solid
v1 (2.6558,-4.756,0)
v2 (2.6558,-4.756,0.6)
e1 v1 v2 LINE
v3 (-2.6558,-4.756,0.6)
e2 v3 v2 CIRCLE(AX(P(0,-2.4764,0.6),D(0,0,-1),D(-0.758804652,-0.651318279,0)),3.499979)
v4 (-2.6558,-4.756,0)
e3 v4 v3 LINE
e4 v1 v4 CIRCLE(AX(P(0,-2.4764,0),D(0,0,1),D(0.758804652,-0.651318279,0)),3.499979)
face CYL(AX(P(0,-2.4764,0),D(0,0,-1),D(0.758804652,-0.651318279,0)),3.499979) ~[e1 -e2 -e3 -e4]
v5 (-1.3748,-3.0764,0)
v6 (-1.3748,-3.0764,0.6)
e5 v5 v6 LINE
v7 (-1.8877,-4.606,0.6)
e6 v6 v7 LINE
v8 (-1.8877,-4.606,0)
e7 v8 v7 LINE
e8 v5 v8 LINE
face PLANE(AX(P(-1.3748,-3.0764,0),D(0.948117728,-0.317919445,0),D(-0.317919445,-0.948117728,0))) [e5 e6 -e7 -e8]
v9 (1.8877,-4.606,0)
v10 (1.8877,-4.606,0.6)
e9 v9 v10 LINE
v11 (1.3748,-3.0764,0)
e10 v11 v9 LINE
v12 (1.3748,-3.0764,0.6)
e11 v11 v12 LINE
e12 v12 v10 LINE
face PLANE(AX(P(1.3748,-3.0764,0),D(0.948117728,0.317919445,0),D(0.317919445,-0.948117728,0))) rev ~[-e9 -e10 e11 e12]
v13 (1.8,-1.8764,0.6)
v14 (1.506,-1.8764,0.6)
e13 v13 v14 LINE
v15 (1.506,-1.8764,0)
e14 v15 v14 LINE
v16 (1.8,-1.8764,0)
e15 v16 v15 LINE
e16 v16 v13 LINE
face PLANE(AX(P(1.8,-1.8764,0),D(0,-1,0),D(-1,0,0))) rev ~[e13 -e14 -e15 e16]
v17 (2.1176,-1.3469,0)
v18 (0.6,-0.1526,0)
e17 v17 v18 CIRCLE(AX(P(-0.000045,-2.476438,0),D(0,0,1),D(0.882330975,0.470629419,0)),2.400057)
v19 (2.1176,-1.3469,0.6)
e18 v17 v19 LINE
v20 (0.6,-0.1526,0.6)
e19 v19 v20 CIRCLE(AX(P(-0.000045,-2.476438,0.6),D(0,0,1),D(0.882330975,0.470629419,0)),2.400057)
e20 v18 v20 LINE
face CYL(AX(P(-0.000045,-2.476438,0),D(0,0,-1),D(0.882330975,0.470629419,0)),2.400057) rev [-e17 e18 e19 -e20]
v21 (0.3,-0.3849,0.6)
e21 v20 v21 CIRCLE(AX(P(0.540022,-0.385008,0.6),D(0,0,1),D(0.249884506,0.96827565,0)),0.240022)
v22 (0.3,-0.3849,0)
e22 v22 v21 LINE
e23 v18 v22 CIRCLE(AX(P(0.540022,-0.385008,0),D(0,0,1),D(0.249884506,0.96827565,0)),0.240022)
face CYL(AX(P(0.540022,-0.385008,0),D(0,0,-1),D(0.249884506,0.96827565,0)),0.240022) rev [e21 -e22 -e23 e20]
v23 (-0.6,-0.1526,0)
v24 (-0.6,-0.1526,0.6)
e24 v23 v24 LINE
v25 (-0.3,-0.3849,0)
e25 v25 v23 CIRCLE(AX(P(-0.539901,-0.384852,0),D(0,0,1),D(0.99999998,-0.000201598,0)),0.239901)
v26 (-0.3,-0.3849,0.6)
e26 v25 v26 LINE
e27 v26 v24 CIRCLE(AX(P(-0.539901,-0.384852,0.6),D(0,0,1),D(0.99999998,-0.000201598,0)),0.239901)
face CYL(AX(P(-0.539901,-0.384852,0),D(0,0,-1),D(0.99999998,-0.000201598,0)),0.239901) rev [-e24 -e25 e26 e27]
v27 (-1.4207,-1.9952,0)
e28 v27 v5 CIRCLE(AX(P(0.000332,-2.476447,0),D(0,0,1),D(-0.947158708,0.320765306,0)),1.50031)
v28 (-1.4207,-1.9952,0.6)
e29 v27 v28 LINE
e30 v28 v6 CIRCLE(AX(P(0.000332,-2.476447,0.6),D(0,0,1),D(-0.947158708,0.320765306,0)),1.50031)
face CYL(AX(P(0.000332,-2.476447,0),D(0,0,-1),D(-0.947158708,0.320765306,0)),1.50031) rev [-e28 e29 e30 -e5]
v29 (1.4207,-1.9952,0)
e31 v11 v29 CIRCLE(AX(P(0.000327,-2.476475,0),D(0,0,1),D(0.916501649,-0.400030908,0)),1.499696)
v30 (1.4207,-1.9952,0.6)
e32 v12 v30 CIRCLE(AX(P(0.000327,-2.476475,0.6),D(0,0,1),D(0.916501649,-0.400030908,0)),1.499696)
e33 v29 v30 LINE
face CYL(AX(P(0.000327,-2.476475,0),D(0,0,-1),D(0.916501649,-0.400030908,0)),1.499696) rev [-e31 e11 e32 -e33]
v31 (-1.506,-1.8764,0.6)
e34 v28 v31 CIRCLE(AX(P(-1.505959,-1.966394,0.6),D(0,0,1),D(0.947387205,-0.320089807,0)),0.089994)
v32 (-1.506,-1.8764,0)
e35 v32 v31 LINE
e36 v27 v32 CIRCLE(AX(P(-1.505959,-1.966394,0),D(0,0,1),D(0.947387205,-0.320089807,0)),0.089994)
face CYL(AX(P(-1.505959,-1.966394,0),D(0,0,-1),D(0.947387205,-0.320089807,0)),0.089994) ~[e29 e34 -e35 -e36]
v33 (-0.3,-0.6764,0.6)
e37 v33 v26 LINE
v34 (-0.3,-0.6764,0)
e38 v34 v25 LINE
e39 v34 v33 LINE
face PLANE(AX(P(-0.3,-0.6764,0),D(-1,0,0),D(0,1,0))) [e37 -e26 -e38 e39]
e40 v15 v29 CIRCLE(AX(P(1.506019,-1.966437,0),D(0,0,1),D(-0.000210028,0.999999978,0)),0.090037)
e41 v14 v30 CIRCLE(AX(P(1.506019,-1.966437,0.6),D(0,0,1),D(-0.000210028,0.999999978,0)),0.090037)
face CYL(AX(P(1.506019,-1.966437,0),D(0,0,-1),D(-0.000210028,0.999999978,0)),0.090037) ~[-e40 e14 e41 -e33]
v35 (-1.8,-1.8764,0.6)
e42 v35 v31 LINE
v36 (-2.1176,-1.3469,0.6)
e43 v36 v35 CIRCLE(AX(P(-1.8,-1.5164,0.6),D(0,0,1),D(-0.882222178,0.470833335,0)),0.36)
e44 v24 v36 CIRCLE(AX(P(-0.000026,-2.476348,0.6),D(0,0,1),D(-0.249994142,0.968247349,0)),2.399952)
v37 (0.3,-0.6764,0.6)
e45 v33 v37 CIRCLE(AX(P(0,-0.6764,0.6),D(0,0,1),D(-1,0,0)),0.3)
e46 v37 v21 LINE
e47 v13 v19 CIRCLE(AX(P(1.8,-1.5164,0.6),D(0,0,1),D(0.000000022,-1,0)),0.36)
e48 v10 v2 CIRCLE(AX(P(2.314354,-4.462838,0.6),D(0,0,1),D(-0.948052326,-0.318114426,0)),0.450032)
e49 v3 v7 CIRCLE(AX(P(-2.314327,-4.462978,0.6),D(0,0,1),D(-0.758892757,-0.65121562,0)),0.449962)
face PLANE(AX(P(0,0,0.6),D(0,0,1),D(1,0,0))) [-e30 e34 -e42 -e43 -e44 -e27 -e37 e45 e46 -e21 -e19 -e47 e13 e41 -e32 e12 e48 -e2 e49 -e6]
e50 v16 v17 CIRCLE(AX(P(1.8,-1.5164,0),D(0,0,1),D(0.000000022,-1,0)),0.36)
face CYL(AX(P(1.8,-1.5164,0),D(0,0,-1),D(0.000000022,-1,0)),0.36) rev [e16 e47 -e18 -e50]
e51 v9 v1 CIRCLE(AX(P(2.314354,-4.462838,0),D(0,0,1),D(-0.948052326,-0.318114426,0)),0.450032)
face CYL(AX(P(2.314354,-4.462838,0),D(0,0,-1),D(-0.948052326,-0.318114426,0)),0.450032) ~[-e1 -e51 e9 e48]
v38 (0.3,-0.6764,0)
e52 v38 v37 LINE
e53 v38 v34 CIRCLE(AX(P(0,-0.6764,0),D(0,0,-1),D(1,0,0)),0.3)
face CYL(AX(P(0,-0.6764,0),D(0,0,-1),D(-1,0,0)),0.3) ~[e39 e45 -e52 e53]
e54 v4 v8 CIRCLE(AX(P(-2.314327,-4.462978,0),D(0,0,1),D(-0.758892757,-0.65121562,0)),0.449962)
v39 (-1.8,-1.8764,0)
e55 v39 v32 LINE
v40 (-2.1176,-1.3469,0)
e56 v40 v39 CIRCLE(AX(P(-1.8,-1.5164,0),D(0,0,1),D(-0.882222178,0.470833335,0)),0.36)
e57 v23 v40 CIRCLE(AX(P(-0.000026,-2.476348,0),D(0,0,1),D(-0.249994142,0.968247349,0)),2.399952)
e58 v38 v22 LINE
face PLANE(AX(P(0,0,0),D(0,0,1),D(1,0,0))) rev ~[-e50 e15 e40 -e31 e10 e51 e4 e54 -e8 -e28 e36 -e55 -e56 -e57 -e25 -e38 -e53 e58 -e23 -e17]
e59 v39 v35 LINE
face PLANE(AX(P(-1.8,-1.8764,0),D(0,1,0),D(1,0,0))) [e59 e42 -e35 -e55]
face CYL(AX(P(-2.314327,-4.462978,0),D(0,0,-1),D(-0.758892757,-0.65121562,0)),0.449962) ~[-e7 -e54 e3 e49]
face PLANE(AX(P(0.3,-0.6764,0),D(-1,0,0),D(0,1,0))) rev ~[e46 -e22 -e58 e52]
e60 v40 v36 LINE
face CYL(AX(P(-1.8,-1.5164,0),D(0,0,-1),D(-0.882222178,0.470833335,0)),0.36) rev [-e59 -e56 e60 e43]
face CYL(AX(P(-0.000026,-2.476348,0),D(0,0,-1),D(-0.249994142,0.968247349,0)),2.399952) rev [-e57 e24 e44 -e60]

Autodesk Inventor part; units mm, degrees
ref_plane "YZ Plane" through (0, 0, 0) normal (1, 0, 0) x (0, 1, 0)
ref_plane "XZ Plane" through (0, 0, 0) normal (0, 1, 0) x (-1, 0, 0)
sketch "Esquisse1" plane through (0, 0, 0) normal (0, 0, 1) x (1, 0, 0)
  circle A0 centre (0, -2.4764) radius 2.5 construction
  line L0 (-0.3, 0.0236) -> (0, 0.0236) construction
  line L1 (-3.206, 0) -> (3.4858, 0) projected
  line L2 (-1.3748, -3.0764) -> (1.3748, -3.0764) construction
  arc A1 (-1.4207, -1.9952) -> (-1.3748, -3.0764) centre (0, -2.4764) ccw
  line L3 (0, 1.949) -> (0, -3.4788) projected
  arc A2 (-0.3, -0.6764) -> (0.3, -0.6764) centre (0, -0.6764) ccw
  arc A3 (2.6558, -4.756) -> (-2.6558, -4.756) centre (0, -2.4764) ccw
  line L4 (-1.8, -1.8764) -> (-1.506, -1.8764)
  line L5 (-0.3, -0.6764) -> (-0.3, -0.3849)
  arc A4 (-0.6, -0.1526) -> (-2.1176, -1.3469) centre (0, -2.4764) ccw
  arc A5 (-0.3, -0.3849) -> (-0.6, -0.1526) centre (-0.54, -0.3849) ccw
  arc A6 (-2.1176, -1.3469) -> (-1.8, -1.8764) centre (-1.8, -1.5164) ccw
  arc A7 (-1.4207, -1.9952) -> (-1.506, -1.8764) centre (-1.506, -1.9664) ccw
  line L6 (0, 1.0236) -> (2.5298, 1.0236) construction
  line L7 (-1.3748, -3.0764) -> (-1.8877, -4.606)
  arc A8 (-2.6558, -4.756) -> (-1.8877, -4.606) centre (-2.3143, -4.4629) ccw
  line L8 (0, -0.9764) -> (-1.2778, -0.9764) construction
  line L9 (1.3748, -3.0764) -> (1.8877, -4.606)
  arc A9 (1.8877, -4.606) -> (2.6558, -4.756) centre (2.3143, -4.4629) ccw
  arc A10 (1.3748, -3.0764) -> (1.4207, -1.9952) centre (0, -2.4764) ccw
  line L10 (1.8, -1.8764) -> (1.506, -1.8764)
  line L11 (0.3, -0.6764) -> (0.3, -0.3849)
  arc A11 (2.1176, -1.3469) -> (0.6, -0.1526) centre (0, -2.4764) ccw
  arc A12 (0.6, -0.1526) -> (0.3, -0.3849) centre (0.54, -0.3849) ccw
  arc A13 (1.8, -1.8764) -> (2.1176, -1.3469) centre (1.8, -1.5164) ccw
  arc A14 (1.506, -1.8764) -> (1.4207, -1.9952) centre (1.506, -1.9664) ccw
  point P0 (0.3, 0.0236)
  dimension "d0" = 5
  dimension "d3" = 0.6
  dimension "d4" = 0.3
  dimension "d5" = 7
  dimension "d8" = 2.4
  dimension "d9" = 0.6
  dimension "d10" = 0.24
  dimension "d11" = 0.36
  dimension "d12" = 0.09
  dimension "d13" = 0.45
  dimension "d14" = 1.5
  dimension "d15" = 1.5
extrude "Corps" add sketch "Esquisse1" along normal blind 0.6
ref_plane "Work Plane1" through (0, -2.4764, 0) normal (-1, 0, 0) x (0, 0, 1)
equation "\"d0\" = WD"
equation "\"d3\" = 0.2 * NND"
equation "\"d4\" = 0.1 * NND"
equation "\"d5\" = SD2"
equation "\"d8\" = 0.8 * NND"
equation "\"d9\" = 0.2 * NND"
equation "\"d10\" = 0.08 * NND"
equation "\"d11\" = 0.12 * NND"
equation "\"d12\" = 0.03 * NND"
equation "\"d13\" = 0.15 * NND"
equation "\"d14\" = 0.5 * NND"
equation "\"d15\" = 0.5 * NND"
equation "\"d16\" = SD"
equation "\"ND\" = 3.05"
equation "\"SD\" = 0.6"
equation "\"WD\" = 5"
equation "\"d1\" = 1.6 * NND"
equation "\"d2\" = NND"
equation "\"SD2\" = 7"
equation "\"d6\" = NND"
equation "\"d7\" = 0.15 * NND"
equation "\"NND\" = 3"
equation "\"WDMIN\" = 4"
equation "\"SNB\" = 0.7"
equation "\"WDMAX\" = 5"
equation "\"BUBRMI\" = 1"
properties part number "JIS B 2804 E - 3" material "Acier, doux"
